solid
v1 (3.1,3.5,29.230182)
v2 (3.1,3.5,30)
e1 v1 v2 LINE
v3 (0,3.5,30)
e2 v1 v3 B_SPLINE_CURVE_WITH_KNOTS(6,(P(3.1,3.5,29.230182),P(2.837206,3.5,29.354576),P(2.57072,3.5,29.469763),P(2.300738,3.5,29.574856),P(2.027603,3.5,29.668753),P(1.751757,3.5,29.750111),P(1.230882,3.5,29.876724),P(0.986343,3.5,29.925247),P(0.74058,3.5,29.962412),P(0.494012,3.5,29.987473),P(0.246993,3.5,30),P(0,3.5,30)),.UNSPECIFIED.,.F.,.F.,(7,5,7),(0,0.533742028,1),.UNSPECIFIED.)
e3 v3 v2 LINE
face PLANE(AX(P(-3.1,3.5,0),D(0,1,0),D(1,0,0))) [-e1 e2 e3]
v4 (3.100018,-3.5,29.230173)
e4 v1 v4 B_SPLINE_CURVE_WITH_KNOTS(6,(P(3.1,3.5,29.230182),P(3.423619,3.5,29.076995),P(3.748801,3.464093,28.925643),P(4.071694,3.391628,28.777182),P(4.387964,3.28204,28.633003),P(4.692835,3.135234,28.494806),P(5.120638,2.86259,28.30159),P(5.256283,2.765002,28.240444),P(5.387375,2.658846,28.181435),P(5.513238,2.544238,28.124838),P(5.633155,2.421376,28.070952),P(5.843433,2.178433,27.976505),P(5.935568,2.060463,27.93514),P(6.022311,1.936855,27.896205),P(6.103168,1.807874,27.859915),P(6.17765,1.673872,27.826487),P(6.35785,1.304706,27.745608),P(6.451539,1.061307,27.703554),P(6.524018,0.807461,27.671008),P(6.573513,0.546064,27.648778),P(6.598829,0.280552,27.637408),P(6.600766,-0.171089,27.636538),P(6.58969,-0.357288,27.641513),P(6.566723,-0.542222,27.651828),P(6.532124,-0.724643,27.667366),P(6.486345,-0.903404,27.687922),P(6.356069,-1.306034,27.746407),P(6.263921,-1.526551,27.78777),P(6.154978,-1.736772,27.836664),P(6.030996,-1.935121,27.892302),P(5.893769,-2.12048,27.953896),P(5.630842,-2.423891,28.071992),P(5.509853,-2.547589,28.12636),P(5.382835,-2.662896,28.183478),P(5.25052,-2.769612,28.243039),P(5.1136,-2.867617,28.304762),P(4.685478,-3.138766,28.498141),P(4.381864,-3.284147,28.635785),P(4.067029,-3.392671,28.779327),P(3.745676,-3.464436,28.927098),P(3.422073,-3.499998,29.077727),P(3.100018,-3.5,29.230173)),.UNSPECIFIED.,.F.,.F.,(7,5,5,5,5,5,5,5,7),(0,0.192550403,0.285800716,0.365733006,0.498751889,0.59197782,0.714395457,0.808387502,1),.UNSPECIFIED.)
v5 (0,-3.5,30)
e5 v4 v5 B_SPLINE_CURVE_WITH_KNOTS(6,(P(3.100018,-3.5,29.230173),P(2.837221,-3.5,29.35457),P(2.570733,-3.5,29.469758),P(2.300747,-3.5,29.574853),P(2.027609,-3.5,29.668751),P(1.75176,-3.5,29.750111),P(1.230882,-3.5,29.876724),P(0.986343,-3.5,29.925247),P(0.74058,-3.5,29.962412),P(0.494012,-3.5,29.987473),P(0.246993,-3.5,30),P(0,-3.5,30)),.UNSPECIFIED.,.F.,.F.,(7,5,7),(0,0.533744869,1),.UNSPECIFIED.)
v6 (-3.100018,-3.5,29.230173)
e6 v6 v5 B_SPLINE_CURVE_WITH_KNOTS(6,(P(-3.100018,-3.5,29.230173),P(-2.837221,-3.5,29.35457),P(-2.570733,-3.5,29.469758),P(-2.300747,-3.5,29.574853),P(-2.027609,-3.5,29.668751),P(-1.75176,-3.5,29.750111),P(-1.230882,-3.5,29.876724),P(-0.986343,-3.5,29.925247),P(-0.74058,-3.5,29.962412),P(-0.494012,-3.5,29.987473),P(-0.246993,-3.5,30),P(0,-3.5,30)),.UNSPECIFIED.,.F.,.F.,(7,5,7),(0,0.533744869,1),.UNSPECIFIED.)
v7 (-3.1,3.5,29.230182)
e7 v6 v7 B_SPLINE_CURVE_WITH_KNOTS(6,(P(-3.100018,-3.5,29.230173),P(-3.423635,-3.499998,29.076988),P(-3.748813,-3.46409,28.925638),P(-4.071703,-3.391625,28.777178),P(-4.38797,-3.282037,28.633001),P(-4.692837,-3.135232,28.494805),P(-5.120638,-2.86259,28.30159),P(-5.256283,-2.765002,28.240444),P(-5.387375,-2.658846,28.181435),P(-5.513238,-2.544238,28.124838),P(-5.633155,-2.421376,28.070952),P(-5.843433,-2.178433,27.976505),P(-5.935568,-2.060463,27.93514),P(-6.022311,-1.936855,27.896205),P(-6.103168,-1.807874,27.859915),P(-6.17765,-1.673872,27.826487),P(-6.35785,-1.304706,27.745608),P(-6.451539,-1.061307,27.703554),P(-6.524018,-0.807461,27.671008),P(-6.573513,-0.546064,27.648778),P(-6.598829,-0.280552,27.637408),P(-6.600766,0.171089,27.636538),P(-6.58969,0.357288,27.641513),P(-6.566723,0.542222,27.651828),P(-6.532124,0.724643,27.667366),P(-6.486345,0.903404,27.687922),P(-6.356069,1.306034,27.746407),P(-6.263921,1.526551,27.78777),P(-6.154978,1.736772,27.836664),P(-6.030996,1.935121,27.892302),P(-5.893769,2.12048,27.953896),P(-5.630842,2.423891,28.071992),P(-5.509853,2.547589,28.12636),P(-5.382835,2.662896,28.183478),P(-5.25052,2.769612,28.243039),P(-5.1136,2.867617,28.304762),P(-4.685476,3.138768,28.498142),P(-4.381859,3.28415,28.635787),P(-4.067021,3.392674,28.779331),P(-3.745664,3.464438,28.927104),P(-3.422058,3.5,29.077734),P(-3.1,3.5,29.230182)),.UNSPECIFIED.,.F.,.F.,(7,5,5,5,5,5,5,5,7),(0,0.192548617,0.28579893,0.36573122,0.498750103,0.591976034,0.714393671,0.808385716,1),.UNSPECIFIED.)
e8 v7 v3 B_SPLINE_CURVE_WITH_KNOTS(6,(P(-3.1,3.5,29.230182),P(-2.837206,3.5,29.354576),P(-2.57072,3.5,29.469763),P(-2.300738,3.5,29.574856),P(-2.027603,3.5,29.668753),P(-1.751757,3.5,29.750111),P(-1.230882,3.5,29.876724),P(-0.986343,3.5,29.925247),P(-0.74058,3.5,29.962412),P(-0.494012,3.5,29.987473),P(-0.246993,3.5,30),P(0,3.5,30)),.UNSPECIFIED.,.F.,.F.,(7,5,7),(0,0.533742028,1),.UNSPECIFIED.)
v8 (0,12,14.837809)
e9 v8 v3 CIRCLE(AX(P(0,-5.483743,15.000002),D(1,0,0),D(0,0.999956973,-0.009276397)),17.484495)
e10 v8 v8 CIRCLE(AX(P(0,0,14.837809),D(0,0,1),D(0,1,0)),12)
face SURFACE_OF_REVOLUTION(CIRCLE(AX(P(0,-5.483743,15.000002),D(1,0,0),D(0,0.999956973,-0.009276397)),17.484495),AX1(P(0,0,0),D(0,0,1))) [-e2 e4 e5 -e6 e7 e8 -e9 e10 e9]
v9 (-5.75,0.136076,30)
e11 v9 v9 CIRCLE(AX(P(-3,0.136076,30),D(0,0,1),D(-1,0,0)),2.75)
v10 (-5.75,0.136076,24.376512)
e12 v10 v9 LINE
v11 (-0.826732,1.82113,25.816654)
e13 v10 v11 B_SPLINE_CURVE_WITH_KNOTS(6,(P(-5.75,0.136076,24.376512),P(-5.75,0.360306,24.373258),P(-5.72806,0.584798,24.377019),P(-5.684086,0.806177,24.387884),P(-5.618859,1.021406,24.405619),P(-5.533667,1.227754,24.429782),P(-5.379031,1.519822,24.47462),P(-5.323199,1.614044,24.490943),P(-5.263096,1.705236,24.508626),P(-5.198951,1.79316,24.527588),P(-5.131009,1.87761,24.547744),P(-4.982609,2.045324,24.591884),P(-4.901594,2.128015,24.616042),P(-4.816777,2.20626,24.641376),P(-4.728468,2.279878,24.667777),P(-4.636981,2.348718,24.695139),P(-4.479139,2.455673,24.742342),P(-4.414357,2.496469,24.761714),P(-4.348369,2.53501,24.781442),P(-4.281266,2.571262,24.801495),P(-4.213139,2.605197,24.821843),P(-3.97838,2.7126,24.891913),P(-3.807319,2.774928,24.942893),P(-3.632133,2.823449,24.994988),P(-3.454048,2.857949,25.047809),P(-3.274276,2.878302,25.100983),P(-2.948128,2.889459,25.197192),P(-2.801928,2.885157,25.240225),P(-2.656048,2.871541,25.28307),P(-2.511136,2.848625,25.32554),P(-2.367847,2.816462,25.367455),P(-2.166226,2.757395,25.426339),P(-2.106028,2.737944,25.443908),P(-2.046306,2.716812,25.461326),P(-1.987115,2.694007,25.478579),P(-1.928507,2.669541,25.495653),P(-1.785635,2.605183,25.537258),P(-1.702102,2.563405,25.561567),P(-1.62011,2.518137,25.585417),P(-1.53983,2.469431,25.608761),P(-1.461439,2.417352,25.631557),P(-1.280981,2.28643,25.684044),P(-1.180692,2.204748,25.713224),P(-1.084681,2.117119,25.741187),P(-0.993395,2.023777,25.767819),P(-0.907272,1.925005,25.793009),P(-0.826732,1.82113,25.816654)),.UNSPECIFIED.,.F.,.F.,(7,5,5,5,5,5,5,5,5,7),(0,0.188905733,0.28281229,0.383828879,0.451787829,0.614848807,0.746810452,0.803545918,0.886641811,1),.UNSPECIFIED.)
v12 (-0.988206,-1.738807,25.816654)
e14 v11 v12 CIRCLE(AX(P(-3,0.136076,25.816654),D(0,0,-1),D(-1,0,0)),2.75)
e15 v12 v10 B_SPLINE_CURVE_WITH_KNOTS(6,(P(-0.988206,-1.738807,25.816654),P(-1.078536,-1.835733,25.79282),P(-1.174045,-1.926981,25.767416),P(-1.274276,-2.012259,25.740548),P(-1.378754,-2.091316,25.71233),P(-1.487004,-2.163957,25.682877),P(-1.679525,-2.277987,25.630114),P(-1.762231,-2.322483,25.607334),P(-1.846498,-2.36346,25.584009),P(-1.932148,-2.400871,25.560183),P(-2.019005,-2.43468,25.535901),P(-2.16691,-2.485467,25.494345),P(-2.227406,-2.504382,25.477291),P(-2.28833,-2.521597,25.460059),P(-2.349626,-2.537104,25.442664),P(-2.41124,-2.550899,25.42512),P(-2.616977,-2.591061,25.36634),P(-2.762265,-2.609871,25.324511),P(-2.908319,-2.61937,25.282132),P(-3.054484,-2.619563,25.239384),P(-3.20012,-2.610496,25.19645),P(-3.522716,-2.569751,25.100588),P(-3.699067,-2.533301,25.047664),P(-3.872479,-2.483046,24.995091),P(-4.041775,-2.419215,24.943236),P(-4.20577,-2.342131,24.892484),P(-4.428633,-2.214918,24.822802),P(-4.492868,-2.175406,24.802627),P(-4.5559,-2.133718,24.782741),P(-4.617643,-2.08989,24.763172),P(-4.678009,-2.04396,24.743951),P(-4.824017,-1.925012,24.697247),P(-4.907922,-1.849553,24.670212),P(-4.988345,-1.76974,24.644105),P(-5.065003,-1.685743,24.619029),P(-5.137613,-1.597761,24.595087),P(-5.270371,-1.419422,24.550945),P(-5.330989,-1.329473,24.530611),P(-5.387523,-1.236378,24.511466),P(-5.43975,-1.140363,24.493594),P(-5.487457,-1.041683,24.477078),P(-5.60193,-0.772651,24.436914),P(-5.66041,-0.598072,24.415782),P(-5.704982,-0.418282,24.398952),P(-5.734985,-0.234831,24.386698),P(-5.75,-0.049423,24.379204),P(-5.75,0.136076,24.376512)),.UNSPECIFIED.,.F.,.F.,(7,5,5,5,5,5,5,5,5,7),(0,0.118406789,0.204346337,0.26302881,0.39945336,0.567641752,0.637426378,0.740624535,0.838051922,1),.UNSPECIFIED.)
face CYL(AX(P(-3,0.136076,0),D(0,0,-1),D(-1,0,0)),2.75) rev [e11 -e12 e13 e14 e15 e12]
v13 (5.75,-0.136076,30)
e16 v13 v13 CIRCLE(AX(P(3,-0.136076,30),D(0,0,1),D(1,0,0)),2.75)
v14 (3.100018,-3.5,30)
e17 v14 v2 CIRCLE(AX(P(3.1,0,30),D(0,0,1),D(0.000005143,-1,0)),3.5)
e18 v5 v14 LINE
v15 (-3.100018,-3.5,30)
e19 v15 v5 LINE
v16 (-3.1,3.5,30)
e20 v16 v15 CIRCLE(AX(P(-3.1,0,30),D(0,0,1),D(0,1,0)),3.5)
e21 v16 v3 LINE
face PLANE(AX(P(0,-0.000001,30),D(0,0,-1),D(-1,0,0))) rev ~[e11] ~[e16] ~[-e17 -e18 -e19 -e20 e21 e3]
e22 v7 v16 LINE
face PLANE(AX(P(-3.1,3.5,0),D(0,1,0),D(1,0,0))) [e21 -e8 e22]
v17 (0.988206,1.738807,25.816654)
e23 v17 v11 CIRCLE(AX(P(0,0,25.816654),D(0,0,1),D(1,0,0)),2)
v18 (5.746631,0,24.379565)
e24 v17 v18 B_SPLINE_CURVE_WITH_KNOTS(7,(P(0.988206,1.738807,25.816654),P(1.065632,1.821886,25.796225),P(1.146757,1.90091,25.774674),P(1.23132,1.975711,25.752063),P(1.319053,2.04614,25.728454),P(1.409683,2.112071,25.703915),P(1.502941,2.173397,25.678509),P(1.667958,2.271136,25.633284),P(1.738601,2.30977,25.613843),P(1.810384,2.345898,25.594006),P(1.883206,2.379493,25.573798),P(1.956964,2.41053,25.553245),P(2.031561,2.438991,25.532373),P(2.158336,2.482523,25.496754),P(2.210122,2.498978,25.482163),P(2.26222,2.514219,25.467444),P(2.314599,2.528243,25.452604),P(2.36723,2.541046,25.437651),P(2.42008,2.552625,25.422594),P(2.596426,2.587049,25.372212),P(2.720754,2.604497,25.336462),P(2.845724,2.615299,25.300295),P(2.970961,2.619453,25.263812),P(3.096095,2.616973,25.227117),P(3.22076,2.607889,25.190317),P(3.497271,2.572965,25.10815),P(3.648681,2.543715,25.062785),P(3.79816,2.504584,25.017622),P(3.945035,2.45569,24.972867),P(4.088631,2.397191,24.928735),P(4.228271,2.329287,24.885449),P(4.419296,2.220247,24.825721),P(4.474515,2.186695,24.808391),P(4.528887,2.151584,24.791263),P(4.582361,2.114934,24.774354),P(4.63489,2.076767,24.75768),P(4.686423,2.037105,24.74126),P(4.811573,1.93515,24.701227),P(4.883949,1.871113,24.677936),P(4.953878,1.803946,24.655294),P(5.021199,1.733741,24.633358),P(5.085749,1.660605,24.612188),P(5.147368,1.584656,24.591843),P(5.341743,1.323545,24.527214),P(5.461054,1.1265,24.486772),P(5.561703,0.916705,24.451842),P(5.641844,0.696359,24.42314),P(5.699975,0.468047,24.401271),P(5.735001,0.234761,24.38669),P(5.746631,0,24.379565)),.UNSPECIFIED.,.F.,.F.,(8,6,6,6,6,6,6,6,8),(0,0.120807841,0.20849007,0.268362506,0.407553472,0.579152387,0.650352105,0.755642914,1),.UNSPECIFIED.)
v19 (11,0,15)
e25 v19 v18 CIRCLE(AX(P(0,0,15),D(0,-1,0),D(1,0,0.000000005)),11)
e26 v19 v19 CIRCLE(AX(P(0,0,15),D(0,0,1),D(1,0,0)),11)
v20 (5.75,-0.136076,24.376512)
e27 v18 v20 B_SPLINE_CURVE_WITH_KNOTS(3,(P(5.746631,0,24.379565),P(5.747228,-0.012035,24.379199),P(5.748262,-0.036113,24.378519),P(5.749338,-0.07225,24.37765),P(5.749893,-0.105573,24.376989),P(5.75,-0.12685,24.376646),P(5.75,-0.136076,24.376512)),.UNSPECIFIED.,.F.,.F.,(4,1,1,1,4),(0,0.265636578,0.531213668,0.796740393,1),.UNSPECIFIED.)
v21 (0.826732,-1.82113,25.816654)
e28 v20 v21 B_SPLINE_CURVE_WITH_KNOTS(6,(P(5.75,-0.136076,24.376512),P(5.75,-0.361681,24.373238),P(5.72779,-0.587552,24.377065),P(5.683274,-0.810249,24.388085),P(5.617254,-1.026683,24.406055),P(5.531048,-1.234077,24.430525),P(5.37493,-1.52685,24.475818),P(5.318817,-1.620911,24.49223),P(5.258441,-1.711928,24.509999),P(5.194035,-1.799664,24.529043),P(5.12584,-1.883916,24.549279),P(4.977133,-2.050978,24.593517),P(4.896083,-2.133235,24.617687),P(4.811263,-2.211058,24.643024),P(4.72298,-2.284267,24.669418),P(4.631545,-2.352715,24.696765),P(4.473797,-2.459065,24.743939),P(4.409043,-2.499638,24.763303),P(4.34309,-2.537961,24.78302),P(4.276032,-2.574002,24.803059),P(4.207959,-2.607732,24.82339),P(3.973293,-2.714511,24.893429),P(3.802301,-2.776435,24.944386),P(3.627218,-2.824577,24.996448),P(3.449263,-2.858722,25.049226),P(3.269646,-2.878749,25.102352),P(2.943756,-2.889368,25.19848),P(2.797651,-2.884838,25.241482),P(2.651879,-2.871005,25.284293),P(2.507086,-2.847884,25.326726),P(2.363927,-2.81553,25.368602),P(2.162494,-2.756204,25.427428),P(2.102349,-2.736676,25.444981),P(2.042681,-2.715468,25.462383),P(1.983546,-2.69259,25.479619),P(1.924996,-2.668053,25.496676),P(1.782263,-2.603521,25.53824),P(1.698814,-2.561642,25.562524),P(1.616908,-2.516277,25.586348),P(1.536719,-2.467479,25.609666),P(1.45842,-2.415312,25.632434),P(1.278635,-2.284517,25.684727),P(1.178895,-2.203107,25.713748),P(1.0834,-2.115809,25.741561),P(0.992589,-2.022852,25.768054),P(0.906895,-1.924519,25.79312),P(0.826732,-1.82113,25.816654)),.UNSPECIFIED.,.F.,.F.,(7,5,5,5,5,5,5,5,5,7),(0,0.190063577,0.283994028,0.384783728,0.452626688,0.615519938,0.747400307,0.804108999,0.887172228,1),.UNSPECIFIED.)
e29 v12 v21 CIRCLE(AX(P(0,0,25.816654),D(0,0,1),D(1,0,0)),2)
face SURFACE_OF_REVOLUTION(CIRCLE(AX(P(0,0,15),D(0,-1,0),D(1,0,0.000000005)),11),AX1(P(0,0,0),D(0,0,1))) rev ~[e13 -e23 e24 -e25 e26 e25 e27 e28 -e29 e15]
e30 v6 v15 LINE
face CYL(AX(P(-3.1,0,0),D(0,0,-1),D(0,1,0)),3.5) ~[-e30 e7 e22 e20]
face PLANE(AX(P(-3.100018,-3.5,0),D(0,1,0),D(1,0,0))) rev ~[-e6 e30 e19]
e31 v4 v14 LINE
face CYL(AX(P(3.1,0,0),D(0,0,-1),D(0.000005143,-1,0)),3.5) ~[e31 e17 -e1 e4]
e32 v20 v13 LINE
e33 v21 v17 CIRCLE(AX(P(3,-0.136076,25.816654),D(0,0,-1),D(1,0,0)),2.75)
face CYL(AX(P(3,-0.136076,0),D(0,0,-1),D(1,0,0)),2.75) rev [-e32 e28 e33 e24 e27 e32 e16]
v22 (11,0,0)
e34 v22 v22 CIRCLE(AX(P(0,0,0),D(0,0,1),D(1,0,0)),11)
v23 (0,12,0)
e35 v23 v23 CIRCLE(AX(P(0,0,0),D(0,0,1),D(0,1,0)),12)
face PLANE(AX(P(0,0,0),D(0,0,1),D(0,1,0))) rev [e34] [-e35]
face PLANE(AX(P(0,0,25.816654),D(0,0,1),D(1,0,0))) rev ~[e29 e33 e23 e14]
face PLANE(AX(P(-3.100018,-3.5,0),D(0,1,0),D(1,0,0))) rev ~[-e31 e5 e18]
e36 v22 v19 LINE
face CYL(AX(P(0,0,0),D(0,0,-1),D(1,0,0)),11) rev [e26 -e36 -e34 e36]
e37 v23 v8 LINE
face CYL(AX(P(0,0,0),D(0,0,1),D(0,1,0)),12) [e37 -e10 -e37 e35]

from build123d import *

# Parameters (mm, degrees)
SKETCH002_R  = 2.75
PAD001_DEPTH = 30
ARRAY_COUNT  = 2
SKETCH_R     = 11
PAD_DEPTH    = 15
PAD002_DEPTH = 30


with BuildPart() as array:
    # Sketch002 → Pad001 (new body)
    with BuildSketch(Plane.XY):
        with Locations((3, -0.136076)):
            Circle(SKETCH002_R)
    extrude(amount=PAD001_DEPTH)

    # Array: Array ×2 about axis
    array_axis = Axis((0, 0, 0), (0, 0, 1))


with BuildPart() as array_1:
    add(array.part)
    for i in range(1, ARRAY_COUNT):
        add(array.part.rotate(array_axis, i * 360 / ARRAY_COUNT))


with BuildPart() as body001:
    # Sketch001 → Revolution (revolve)
    with BuildSketch(Plane.XZ):
        with BuildLine():
            Line((0, 15), (11, 15))
            ThreePointArc((11, 15), (8.455767, 22.035624), (2, 25.816654))
            Line((2, 25.816654), (0, 25.816654))
            Line((0, 25.816654), (0, 15))
        make_face()
    revolve(axis=Axis((0, 0, 0), (0, 0, 1)))


with BuildPart() as fusion001:
    # Sketch → Pad (new body)
    with BuildSketch(Plane.XY):
        Circle(SKETCH_R)
    extrude(amount=PAD_DEPTH)

    # Fusion001: union Body001
    add(body001.part)


with BuildPart() as body003:
    # Sketch003 → Revolution001 (revolve)
    with BuildSketch(Plane.YZ):
        with BuildLine():
            Line((0, 0), (12, 0))
            Line((12, 0), (12, 14.837809))
            ThreePointArc((12, 14.837809), (9.767649, 23.550009), (3.5, 30))
            Line((0, 30), (3.5, 30))
            Line((0, 30), (0, 0))
        make_face()
    revolve(axis=Axis((0, 0, 0), (0, 0, 1)))


with BuildPart() as cut001:
    # Sketch004 → Pad002 (new body)
    with BuildSketch(Plane.XY):
        with BuildLine():
            Line((-3.1, 3.5), (3.1, 3.5))
            ThreePointArc((3.100018, -3.5), (6.6, 9e-06), (3.1, 3.5))
            Line((-3.100018, -3.5), (3.100018, -3.5))
            ThreePointArc((-3.1, 3.5), (-6.6, 9e-06), (-3.100018, -3.5))
        make_face()
    extrude(amount=PAD002_DEPTH)

    # Fusion: union Body003
    add(body003.part)

    # Cut: cut Fusion001
    add(fusion001.part, mode=Mode.SUBTRACT)

    # Cut001: cut Array
    add(array_1.part, mode=Mode.SUBTRACT)


solid = cut001.part
